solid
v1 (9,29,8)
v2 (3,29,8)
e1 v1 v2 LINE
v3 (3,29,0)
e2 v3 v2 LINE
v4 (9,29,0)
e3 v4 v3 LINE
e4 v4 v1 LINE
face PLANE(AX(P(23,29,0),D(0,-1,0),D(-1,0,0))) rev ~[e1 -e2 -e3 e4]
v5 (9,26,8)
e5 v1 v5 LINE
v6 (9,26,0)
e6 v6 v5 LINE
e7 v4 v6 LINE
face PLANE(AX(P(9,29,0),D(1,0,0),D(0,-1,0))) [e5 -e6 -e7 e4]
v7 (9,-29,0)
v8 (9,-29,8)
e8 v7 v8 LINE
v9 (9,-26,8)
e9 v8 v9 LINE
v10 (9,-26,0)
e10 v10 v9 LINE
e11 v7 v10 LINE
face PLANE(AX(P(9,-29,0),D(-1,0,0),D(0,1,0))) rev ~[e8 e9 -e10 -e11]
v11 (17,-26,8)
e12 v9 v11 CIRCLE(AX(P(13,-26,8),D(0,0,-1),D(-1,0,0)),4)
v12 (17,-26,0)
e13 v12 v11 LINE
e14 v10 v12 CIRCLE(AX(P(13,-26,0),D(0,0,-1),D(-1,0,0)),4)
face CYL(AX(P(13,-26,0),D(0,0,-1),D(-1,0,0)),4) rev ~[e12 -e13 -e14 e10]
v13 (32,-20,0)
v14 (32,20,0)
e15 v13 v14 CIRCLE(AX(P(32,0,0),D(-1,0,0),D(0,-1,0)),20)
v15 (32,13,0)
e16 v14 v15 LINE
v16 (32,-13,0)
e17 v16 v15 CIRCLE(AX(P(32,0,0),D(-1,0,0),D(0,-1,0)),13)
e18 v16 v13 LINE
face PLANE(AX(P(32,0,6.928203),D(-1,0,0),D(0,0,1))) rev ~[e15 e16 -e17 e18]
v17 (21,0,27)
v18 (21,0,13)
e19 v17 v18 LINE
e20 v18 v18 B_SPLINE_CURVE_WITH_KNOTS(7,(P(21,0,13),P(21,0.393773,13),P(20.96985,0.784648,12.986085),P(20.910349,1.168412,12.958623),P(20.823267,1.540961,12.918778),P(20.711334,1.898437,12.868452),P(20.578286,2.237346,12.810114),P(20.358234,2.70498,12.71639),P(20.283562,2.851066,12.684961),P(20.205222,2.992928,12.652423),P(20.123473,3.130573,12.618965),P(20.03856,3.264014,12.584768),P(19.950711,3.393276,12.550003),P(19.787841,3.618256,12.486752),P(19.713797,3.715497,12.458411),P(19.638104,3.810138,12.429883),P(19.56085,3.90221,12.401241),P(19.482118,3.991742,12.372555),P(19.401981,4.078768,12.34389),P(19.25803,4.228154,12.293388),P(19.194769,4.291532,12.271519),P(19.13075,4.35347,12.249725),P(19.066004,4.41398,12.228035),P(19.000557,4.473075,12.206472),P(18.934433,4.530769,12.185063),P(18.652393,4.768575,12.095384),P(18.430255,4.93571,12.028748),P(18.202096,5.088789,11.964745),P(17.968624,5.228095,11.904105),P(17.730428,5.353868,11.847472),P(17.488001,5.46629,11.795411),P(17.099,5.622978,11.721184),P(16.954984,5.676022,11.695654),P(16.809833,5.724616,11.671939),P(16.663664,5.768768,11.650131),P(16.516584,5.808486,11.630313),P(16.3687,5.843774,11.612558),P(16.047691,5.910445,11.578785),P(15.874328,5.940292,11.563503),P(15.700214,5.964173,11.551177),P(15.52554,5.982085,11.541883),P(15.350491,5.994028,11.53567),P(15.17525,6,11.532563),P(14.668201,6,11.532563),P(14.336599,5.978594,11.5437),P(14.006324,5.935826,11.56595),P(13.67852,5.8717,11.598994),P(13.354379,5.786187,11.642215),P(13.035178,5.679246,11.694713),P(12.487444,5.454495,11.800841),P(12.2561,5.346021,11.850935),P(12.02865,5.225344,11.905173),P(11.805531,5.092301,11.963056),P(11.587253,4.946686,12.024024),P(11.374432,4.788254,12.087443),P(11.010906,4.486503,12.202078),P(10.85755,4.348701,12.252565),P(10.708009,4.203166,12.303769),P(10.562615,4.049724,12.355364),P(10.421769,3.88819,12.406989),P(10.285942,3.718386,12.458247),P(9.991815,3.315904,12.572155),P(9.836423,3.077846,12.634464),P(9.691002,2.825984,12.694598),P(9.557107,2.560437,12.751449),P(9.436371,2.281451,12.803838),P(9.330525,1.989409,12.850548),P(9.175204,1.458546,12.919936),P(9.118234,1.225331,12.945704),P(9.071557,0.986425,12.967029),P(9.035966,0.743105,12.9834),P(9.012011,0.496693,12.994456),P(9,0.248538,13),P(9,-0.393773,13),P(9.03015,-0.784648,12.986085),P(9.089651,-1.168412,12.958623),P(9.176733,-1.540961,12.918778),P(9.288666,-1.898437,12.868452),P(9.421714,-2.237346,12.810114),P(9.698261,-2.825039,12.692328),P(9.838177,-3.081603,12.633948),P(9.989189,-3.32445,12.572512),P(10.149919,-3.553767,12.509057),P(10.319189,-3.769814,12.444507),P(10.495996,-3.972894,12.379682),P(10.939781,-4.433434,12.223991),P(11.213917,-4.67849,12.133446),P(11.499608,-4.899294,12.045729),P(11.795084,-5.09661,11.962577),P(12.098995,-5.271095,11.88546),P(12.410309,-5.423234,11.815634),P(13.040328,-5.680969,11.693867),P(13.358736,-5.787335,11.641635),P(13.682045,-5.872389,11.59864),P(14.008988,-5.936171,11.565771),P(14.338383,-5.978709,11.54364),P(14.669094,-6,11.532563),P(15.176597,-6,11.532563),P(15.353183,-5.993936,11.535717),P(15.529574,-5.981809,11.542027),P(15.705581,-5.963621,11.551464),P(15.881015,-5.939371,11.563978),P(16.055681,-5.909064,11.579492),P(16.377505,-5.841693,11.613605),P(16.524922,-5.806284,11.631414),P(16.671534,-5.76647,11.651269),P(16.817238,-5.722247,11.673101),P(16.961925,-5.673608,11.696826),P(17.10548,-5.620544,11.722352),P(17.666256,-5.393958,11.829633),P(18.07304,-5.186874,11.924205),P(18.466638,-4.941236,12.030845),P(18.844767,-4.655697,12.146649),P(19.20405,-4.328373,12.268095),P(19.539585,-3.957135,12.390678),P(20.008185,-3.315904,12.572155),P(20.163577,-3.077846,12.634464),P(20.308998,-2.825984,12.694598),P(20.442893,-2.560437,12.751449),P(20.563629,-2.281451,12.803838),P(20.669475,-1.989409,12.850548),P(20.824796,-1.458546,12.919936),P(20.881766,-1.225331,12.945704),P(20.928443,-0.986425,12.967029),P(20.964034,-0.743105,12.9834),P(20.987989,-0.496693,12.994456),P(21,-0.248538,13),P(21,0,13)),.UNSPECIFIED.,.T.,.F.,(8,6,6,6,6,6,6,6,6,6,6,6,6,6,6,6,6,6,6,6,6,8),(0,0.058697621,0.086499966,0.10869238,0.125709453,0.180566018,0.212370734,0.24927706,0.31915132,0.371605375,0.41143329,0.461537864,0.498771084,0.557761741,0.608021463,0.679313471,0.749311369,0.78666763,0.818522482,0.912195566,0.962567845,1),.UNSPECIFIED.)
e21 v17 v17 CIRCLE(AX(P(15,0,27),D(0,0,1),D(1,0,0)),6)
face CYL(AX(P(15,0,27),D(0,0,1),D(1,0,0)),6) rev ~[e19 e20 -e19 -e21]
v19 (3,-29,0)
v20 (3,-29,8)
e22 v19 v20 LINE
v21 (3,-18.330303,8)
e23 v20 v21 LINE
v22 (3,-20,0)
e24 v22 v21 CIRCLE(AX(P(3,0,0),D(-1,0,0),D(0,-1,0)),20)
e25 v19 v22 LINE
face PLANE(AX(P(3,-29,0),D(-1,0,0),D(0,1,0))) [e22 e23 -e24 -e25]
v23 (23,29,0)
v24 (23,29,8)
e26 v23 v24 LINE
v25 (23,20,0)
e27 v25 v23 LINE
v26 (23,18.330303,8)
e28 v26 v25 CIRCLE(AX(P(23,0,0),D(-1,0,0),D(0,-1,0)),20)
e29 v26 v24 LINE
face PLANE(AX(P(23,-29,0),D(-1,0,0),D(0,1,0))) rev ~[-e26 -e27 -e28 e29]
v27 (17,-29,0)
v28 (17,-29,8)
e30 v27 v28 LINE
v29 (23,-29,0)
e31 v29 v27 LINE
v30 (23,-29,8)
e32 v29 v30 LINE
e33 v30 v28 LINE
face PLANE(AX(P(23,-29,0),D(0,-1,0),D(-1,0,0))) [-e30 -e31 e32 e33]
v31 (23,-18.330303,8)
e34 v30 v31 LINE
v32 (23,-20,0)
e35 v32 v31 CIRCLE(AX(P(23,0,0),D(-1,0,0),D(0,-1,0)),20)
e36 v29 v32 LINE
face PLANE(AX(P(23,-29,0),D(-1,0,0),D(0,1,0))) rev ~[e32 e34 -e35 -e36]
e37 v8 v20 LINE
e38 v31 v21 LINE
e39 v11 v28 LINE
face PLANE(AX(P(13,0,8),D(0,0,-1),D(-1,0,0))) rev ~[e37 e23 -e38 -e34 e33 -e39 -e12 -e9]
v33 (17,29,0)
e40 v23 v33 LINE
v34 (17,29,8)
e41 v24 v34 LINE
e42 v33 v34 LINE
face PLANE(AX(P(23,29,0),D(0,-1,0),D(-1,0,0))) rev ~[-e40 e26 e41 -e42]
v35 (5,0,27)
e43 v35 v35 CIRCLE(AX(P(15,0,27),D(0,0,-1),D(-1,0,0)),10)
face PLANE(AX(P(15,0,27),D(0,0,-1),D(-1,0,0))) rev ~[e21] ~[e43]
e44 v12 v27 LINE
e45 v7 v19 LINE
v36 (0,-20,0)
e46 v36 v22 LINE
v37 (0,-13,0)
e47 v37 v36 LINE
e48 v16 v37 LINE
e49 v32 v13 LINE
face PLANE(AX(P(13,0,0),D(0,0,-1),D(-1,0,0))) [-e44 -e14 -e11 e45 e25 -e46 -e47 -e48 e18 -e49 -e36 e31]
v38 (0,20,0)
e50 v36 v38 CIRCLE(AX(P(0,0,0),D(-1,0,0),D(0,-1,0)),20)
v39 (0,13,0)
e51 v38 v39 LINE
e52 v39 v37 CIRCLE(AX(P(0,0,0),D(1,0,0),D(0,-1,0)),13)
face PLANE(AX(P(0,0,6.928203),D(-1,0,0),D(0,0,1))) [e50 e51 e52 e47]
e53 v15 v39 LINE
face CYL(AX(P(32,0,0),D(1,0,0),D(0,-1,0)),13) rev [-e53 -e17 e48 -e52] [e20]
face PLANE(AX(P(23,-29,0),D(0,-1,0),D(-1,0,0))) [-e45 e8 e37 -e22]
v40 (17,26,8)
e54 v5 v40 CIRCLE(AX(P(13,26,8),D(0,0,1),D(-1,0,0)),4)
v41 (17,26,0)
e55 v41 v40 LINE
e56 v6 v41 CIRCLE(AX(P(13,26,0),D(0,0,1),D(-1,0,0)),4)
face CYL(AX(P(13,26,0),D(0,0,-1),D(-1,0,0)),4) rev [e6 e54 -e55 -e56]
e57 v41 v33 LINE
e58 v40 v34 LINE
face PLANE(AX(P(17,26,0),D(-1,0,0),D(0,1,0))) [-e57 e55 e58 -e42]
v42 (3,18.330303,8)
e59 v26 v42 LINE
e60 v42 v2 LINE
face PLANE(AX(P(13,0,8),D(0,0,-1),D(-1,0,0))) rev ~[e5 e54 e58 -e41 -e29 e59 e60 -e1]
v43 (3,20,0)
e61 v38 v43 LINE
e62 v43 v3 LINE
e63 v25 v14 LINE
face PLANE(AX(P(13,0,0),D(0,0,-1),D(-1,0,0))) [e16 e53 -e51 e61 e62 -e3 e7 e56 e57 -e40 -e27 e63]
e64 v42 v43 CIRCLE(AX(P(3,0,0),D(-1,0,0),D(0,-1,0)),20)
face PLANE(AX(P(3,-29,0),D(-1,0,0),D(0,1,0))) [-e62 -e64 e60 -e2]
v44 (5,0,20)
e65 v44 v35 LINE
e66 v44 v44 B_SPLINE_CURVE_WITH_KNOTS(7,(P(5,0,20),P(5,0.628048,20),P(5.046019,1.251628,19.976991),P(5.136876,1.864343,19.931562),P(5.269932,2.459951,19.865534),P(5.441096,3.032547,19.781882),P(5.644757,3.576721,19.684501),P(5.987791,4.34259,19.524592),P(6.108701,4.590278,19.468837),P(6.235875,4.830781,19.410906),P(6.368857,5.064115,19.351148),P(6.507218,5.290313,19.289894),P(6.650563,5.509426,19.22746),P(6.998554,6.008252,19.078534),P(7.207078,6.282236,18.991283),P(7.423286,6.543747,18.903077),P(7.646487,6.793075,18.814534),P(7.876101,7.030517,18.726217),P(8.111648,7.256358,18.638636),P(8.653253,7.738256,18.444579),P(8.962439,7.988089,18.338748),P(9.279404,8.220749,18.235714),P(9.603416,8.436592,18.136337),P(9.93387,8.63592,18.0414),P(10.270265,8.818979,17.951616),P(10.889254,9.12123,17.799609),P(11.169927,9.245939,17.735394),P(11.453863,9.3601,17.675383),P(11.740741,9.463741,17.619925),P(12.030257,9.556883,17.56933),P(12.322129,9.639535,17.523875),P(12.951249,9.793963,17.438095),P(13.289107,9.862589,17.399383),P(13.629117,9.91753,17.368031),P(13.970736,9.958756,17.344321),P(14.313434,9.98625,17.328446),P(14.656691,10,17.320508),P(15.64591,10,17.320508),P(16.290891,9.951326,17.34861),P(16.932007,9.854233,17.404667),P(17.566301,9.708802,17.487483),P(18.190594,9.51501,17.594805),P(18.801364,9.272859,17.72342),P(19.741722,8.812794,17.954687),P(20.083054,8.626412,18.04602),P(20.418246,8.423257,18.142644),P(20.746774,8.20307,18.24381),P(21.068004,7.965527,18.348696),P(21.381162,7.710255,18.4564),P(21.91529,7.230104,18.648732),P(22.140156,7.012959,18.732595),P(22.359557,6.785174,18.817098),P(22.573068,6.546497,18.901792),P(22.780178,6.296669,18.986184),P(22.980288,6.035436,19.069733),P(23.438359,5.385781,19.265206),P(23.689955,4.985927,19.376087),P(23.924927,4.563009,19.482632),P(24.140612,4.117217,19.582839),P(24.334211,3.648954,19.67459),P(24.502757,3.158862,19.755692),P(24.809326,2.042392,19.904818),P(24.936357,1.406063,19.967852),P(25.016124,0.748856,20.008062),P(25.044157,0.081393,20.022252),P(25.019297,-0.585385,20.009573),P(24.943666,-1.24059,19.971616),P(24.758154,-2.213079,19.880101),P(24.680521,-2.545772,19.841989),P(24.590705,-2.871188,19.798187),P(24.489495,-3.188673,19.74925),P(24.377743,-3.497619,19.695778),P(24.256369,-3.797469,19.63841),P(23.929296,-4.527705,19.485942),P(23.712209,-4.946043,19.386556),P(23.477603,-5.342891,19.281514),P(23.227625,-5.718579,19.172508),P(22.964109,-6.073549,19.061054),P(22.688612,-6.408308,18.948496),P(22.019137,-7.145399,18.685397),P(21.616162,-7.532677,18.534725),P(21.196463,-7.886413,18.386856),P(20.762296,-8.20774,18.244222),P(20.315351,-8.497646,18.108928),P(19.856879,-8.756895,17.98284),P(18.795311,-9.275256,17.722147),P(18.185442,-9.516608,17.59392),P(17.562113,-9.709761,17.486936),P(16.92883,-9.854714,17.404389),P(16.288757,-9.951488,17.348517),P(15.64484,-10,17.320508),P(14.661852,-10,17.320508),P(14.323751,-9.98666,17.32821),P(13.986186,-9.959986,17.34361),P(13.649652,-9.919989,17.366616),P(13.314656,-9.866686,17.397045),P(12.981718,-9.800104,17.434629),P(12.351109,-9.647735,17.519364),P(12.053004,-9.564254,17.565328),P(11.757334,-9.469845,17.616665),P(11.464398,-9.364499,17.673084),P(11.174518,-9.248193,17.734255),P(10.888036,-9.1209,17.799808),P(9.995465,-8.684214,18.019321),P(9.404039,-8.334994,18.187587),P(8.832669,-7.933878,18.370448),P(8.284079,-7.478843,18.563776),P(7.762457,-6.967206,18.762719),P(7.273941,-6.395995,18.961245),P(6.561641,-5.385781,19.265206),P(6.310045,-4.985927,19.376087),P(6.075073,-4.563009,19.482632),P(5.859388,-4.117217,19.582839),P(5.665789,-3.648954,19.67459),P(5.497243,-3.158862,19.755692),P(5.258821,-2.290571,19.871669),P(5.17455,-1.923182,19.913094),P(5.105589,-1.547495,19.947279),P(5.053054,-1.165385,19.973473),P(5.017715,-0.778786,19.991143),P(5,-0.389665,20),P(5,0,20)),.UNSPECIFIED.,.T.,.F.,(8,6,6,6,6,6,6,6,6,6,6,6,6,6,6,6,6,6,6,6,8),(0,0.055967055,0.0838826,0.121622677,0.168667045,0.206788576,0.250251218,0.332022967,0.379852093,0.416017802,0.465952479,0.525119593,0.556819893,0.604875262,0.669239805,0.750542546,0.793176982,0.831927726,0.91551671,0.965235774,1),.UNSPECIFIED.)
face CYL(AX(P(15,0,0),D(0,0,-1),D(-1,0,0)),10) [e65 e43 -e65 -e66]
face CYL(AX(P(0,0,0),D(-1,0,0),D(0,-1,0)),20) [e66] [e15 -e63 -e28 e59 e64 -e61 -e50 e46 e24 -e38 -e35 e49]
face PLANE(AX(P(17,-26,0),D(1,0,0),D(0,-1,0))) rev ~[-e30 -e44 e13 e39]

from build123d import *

# Parameters (mm, degrees)
EXTRUDE_1_DEPTH     = 32
SKETCH_2_R          = 10
EXTRUDE_2_DEPTH     = 27
SKETCH_3_W          = 20
SKETCH_3_H          = 58
EXTRUDE_3_DEPTH     = 8
SKETCH_4_R          = 6
CUT_EXTRUDE_1_DEPTH = 51.931326429
CUT_EXTRUDE_2_DEPTH = 51.931326429
CUT_EXTRUDE_4_DEPTH = 8


with BuildPart() as part:
    # 草图1 → 凸台-拉伸1 (new body)
    with BuildSketch(Plane(origin=(0, 0, 0), x_dir=(0, 0, -1), z_dir=(1, 0, 0))):
        with BuildLine():
            Line((0, 20), (0, -20))
            ThreePointArc((0, -20), (-20, 0), (0, 20))
        make_face()
    extrude(amount=EXTRUDE_1_DEPTH)

    # 草图2 → 凸台-拉伸2 (add)
    with BuildSketch(Plane(origin=(0, 0, 0), x_dir=(-1, 0, 0), z_dir=(0, 0, -1))):
        with Locations((-15, 0)):
            Circle(SKETCH_2_R)
    extrude(amount=-EXTRUDE_2_DEPTH)

    # 草图3 → 凸台-拉伸3 (add)
    with BuildSketch(Plane(origin=(0, 0, 0), x_dir=(-1, 0, 0), z_dir=(0, 0, -1))):
        with Locations((-13, 0)):
            Rectangle(SKETCH_3_W, SKETCH_3_H)
    extrude(amount=-EXTRUDE_3_DEPTH)

    # 草图4 → 切除-拉伸1 (cut, through all)
    with BuildSketch(Plane.XY.offset(27)):
        with Locations((15, 0)):
            Circle(SKETCH_4_R)
    extrude(amount=-CUT_EXTRUDE_1_DEPTH, mode=Mode.SUBTRACT)

    # 草图5 → 切除-拉伸2 (cut, through all)
    with BuildSketch(Plane(origin=(32, 0, 0), x_dir=(0, 0, -1), z_dir=(1, 0, 0))):
        with BuildLine():
            Line((0, 13), (0, -13))
            ThreePointArc((0, -13), (-13, 0), (0, 13))
        make_face()
    extrude(amount=-CUT_EXTRUDE_2_DEPTH, mode=Mode.SUBTRACT)

    # 草图6 → 切除-拉伸4 (cut)
    with BuildSketch(Plane(origin=(0, 0, 0), x_dir=(-1, 0, 0), z_dir=(0, 0, -1))):
        with BuildLine():
            Line((-17, 26), (-17, 29))
            Line((-17, 29), (-9, 29))
            Line((-9, 29), (-9, 26))
            ThreePointArc((-9, 26), (-13, 22), (-17, 26))
        make_face()
        with BuildLine():
            Line((-17, -26), (-17, -29))
            Line((-17, -29), (-9, -29))
            Line((-9, -29), (-9, -26))
            ThreePointArc((-9, -26), (-13, -22), (-17, -26))
        make_face()
    extrude(amount=-CUT_EXTRUDE_4_DEPTH, mode=Mode.SUBTRACT)


solid = part.part
